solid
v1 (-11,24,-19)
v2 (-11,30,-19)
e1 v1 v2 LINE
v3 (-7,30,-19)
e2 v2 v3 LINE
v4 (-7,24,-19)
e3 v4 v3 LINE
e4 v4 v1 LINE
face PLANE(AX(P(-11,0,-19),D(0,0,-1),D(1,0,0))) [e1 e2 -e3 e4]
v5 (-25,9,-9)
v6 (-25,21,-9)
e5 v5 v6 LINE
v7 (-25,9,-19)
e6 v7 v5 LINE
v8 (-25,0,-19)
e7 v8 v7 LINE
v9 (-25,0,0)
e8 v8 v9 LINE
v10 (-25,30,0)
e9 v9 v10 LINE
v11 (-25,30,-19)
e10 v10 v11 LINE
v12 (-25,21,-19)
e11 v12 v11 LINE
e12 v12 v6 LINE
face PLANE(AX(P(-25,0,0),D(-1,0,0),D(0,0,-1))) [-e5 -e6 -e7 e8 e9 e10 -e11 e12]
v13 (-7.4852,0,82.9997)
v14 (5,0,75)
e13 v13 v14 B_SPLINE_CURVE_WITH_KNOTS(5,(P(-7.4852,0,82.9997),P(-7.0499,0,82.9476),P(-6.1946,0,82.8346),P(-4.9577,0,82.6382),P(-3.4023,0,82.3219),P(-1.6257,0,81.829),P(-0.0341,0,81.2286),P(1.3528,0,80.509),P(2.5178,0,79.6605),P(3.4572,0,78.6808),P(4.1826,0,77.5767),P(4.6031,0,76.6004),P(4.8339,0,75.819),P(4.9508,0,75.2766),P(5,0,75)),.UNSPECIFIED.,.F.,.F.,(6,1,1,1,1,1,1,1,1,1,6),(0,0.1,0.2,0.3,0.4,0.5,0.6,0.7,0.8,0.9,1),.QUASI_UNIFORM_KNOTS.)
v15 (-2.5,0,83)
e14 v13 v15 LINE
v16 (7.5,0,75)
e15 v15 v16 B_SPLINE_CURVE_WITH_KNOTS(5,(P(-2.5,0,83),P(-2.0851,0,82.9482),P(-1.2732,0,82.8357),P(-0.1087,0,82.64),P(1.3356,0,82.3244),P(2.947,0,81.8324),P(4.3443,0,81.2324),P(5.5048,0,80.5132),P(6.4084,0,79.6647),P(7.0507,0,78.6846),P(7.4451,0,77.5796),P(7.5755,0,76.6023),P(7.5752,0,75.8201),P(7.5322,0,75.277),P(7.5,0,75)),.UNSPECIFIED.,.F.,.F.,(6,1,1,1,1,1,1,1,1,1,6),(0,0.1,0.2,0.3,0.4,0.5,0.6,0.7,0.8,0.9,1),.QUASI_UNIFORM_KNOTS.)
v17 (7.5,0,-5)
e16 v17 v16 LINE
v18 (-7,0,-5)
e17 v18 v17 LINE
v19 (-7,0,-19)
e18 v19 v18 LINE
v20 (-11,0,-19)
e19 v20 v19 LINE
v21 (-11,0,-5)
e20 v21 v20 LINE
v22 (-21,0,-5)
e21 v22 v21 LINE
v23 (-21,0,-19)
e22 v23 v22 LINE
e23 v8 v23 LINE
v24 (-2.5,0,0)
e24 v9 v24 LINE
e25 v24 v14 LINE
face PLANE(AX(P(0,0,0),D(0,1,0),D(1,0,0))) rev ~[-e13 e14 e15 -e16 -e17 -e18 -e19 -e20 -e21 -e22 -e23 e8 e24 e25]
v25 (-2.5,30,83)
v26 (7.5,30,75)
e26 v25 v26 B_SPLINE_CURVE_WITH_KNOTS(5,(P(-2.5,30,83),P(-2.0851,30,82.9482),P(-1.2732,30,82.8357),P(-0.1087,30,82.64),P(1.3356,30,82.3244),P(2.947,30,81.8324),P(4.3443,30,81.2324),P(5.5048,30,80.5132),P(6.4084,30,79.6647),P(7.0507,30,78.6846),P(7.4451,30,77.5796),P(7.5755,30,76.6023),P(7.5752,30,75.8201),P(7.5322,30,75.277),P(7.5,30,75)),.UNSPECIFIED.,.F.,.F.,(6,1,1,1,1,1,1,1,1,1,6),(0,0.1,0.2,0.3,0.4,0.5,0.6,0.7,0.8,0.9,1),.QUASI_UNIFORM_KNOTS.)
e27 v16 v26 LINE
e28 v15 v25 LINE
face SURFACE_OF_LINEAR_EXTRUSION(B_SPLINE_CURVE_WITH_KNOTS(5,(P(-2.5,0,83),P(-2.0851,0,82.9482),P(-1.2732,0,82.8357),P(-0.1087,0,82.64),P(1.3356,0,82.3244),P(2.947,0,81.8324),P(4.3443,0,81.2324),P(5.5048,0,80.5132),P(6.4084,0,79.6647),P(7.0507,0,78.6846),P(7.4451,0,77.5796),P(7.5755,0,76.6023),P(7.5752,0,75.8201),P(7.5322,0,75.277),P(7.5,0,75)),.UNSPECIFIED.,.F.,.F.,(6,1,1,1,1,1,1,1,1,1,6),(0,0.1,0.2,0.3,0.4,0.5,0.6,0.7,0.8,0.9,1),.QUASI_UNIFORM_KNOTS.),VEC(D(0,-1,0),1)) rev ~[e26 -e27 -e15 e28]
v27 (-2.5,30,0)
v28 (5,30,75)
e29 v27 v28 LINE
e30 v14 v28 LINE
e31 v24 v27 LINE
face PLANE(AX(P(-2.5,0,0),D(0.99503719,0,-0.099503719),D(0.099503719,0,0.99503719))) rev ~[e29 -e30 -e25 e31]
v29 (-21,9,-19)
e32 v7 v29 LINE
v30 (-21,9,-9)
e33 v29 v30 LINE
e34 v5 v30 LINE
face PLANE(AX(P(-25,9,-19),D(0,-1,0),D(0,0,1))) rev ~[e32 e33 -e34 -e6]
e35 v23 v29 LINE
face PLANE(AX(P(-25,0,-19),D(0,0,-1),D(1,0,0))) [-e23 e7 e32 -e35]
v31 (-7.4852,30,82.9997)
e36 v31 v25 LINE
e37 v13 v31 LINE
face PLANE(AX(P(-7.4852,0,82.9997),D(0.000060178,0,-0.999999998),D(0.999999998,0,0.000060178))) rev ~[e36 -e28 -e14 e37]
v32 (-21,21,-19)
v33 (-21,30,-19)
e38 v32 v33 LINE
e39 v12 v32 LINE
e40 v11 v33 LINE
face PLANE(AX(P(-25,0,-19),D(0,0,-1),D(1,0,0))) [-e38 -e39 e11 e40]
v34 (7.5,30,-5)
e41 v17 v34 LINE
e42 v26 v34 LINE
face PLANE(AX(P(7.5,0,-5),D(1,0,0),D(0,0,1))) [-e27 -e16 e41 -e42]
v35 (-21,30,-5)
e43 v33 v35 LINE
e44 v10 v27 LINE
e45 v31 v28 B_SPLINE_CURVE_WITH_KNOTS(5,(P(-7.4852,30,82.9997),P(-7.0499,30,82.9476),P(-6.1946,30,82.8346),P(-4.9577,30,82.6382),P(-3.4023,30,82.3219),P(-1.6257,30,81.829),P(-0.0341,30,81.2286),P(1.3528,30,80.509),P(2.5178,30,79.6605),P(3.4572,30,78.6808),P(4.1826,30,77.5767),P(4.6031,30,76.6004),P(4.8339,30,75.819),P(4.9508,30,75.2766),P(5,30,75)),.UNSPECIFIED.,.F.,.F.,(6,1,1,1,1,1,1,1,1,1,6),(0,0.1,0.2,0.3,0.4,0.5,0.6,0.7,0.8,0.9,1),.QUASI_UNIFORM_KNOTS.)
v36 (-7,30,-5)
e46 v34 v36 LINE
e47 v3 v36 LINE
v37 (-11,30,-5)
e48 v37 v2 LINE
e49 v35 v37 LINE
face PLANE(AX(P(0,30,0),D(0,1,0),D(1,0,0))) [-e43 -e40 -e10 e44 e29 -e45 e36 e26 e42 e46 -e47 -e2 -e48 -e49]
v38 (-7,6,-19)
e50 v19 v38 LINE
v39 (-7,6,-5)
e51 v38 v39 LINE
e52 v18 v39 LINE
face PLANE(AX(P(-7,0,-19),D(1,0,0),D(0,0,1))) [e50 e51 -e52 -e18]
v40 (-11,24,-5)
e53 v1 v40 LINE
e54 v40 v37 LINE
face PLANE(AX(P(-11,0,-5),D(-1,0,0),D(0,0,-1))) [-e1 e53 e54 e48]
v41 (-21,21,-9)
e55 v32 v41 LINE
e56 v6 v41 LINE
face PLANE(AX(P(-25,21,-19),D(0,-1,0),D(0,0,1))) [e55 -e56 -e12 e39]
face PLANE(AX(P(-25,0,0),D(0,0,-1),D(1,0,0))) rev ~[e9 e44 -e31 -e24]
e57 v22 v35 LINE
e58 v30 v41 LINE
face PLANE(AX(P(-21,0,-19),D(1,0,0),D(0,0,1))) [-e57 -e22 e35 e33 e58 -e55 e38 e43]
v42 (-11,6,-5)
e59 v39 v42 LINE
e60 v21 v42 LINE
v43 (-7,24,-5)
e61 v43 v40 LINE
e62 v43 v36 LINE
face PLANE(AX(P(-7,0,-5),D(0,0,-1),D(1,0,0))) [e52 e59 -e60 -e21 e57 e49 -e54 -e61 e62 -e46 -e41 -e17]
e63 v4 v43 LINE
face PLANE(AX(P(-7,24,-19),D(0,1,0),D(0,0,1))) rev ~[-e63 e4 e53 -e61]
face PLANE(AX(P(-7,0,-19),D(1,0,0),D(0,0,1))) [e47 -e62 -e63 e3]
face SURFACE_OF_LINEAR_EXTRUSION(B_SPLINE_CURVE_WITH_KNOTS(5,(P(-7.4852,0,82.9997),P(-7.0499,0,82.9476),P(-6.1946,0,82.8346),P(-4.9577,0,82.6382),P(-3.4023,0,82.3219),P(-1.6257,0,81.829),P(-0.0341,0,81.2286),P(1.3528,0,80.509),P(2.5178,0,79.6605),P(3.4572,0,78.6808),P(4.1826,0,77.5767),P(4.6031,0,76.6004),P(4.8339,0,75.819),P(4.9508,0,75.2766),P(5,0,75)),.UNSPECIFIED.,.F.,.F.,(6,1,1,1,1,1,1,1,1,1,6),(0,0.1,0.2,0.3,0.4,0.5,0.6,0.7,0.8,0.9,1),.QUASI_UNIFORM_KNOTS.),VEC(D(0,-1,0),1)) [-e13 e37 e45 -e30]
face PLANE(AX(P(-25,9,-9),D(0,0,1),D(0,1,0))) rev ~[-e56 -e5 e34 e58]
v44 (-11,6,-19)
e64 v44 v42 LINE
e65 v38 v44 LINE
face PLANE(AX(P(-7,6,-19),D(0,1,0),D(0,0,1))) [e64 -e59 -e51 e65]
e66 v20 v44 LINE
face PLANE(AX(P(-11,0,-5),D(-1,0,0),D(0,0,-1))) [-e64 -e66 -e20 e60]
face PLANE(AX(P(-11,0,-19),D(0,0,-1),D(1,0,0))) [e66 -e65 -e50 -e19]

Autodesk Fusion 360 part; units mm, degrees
sketch "Sketch1" plane through (0, 0, 0) normal (0, 1, 0) x (1, 0, 0)
  line L0 (-25, 0) -> (-25, 5)
  line L1 (-25, 5) -> (-25, 19)
  line L2 (-25, 19) -> (-21, 19)
  line L3 (-21, 19) -> (-21, 5)
  line L4 (-21, 5) -> (-11, 5)
  line L5 (-11, 5) -> (-11, 19)
  line L6 (-11, 19) -> (-7, 19)
  line L7 (-7, 19) -> (-7, 5)
  line L8 (-7, 5) -> (-2.5, 5)
  line L9 (-2.5, 5) -> (7.5, 5)
  line L10 (7.5, 5) -> (7.5, 0)
  line L11 (-25, 0) -> (-2.5, 0)
  line L12 (7.5, 0) -> (7.5, -5)
  line L13 (-7.4852, -82.9997) -> (-2.5, -83)
  spline S0 degree 5 poles (-7.4852, -82.9997) (-7.0499, -82.9476) (-6.1946, -82.8346) (-4.9577, -82.6382) (-3.4023, -82.3219) (-1.6257, -81.829) (-0.0341, -81.2286) (1.3528, -80.509) (2.5178, -79.6605) (3.4572, -78.6808) (4.1826, -77.5767) (4.6031, -76.6004) (4.8339, -75.819) (4.9508, -75.2766) (5, -75) knots 0 0 0 0 0 0 0.1 0.2 0.3 0.4 0.5 0.6 0.7 0.8 0.9 1 1 1 1 1 1
  line L14 (-2.5, 0) -> (5, -75)
  line L15 (5, -75) -> (7.5, -75)
  line L16 (7.5, -5) -> (7.5, -75)
  spline S1 degree 5 poles (-2.5, -83) (-2.0851, -82.9482) (-1.2732, -82.8357) (-0.1087, -82.64) (1.3356, -82.3244) (2.947, -81.8324) (4.3443, -81.2324) (5.5048, -80.5132) (6.4084, -79.6647) (7.0507, -78.6846) (7.4451, -77.5796) (7.5755, -76.6023) (7.5752, -75.8201) (7.5322, -75.277) (7.5, -75) knots 0 0 0 0 0 0 0.1 0.2 0.3 0.4 0.5 0.6 0.7 0.8 0.9 1 1 1 1 1 1
  point P0 (2, -80)
  point P1 (6, -80)
extrude "Extrude1" add sketch "Sketch1" along normal blind 30
sketch "Sketch2" plane through (-25, 0, 0) normal (-1, 0, 0) x (0, 0, 1)
  line L0 (-19, 0) -> (0, 0)
  line L1 (0, 0) -> (0, 30)
  line L2 (0, 30) -> (-19, 30)
  line L3 (-19, 30) -> (-19, 0)
  line L4 (0, 30) -> (-9, 30)
  line L5 (-9, 0) -> (0, 0)
  line L6 (0, 0) -> (0, 30)
  line L7 (-9, 30) -> (-19, 30)
  line L8 (-19, 30) -> (-19, 21)
  line L9 (-19, 21) -> (-9, 21)
  line L10 (-9, 0) -> (-19, 0)
  line L11 (-19, 0) -> (-19, 9)
  line L12 (-19, 9) -> (-9, 9)
  line L13 (-9, 21) -> (-19, 21)
  line L14 (-19, 21) -> (-19, 9)
  line L15 (-19, 9) -> (-9, 9)
  line L16 (-9, 9) -> (-9, 21)
extrude "Extrude2" cut sketch "Sketch2" against normal blind 4 contours L3 L9 L12 L13 L14 L15 L16
sketch "Sketch3" plane through (-7, 0, 0) normal (1, 0, 0) x (0, 0, -1)
  line L0 (5, 0) -> (19, 0)
  line L1 (19, 0) -> (19, 30)
  line L2 (19, 30) -> (5, 30)
  line L3 (5, 30) -> (5, 0)
  line L4 (5, 0) -> (19, 0)
  line L5 (19, 0) -> (19, 6)
  line L6 (19, 6) -> (5, 6)
  line L7 (5, 6) -> (5, 0)
  line L8 (5, 30) -> (19, 30)
  line L9 (19, 30) -> (19, 24)
  line L10 (19, 24) -> (5, 24)
  line L11 (5, 24) -> (5, 30)
  dimension "d29" = 6
  dimension "d30" = 6
extrude "Extrude3" cut sketch "Sketch3" against normal blind 4 contours L1 L3 L6 L10
